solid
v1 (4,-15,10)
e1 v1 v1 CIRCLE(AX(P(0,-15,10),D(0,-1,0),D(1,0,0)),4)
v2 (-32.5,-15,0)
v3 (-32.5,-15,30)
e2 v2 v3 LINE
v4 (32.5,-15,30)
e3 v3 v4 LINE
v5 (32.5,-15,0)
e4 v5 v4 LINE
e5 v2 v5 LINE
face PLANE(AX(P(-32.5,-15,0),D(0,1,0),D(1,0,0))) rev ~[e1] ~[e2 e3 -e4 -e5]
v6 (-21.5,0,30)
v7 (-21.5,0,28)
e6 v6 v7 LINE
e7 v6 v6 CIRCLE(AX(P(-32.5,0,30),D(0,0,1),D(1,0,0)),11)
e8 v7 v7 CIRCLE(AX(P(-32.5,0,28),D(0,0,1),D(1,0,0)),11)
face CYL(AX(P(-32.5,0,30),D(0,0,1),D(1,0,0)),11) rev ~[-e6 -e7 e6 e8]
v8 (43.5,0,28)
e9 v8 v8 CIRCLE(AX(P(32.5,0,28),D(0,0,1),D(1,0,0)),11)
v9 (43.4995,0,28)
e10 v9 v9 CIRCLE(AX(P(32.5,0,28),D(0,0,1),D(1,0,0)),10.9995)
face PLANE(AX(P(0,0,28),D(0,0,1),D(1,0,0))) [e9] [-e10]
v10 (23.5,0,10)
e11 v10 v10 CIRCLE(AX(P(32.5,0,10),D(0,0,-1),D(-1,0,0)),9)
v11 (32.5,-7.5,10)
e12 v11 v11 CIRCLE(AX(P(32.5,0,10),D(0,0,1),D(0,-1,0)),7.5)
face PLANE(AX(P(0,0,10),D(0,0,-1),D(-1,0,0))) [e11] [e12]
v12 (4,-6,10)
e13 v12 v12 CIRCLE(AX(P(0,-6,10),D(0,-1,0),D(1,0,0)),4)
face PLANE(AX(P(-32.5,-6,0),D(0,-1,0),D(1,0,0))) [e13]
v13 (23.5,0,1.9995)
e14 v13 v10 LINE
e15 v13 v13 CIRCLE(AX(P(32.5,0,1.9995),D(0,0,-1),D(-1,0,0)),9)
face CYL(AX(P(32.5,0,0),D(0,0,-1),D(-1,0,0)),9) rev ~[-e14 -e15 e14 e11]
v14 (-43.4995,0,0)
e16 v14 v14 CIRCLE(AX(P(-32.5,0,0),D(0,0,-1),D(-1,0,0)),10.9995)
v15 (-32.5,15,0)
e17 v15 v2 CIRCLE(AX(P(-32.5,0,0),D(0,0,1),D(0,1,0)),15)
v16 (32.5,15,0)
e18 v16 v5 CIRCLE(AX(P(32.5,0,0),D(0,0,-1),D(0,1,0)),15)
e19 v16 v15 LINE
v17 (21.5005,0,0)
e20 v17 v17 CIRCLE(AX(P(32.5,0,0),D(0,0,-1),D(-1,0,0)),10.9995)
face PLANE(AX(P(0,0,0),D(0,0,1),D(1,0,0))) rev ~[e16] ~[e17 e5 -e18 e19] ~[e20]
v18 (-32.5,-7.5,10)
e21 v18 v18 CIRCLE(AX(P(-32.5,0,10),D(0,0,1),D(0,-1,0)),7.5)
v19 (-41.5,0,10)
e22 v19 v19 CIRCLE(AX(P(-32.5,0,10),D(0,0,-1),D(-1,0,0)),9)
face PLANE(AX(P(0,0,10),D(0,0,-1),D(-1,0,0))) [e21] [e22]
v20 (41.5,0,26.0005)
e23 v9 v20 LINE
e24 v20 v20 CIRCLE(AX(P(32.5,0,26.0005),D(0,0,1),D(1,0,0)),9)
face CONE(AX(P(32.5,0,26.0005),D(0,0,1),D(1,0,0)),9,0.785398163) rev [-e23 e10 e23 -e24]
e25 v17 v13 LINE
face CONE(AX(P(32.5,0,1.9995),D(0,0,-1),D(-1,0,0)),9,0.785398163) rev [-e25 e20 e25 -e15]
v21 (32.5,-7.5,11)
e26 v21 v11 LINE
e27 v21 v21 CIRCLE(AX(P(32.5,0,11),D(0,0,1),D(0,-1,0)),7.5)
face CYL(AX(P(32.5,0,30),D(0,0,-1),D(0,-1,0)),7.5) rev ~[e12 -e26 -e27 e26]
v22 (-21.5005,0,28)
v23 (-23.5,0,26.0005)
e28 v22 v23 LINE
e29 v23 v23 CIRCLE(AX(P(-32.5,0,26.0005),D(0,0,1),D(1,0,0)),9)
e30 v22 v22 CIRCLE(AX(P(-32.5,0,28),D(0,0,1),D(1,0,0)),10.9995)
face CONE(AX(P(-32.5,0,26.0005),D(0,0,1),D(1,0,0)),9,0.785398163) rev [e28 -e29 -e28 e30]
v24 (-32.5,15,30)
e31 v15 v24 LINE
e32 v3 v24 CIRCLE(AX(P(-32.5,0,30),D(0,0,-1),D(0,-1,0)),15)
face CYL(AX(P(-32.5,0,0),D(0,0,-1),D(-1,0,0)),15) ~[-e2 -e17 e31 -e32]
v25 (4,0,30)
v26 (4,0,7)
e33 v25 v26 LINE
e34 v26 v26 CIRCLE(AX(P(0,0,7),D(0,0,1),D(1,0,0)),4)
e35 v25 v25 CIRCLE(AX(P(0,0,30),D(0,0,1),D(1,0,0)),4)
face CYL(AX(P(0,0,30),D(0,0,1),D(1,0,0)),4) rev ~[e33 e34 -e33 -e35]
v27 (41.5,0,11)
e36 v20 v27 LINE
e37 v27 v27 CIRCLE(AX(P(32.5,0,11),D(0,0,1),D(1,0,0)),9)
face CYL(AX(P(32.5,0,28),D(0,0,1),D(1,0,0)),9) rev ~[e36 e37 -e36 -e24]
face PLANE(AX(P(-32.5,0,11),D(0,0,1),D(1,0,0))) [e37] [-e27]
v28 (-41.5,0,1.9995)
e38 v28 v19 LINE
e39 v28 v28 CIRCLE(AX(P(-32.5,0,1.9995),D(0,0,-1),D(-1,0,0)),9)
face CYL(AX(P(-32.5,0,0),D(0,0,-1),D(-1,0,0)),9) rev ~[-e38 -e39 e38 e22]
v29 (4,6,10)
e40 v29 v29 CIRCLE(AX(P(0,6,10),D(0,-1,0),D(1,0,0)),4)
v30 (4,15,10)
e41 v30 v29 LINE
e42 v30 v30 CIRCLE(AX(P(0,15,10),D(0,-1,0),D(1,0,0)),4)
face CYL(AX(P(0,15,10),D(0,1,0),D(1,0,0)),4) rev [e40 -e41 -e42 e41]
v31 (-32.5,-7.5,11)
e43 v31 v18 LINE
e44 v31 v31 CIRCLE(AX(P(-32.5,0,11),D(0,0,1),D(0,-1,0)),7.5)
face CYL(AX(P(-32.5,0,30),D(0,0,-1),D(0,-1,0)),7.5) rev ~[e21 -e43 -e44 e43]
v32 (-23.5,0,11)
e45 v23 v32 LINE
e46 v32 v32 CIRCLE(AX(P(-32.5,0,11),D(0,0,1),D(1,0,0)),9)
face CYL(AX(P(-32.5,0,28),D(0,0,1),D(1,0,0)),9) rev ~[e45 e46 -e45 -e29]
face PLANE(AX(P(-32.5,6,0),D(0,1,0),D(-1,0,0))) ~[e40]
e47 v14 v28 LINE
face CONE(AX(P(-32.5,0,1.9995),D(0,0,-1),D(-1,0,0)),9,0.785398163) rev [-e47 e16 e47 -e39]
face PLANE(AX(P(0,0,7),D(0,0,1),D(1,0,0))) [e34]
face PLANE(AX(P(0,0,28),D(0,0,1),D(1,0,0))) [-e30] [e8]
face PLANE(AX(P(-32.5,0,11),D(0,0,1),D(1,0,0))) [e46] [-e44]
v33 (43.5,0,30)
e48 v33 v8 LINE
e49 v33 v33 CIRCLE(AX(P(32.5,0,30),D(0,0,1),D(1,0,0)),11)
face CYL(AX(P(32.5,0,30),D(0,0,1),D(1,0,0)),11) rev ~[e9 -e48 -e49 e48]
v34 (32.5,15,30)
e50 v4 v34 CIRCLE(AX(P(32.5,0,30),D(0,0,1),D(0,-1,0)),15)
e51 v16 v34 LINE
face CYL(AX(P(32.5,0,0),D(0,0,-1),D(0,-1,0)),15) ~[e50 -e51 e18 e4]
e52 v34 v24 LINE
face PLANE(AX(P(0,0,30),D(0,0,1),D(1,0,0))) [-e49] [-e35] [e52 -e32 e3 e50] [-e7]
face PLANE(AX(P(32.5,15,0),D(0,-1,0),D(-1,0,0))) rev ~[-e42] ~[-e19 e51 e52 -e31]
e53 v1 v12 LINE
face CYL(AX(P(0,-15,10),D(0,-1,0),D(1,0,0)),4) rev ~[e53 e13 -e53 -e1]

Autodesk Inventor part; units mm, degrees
ref_plane "YZ Plane" through (0, 0, 0) normal (1, 0, 0) x (0, 1, 0)
ref_plane "XZ Plane" through (0, 0, 0) normal (0, 1, 0) x (-1, 0, 0)
ref_plane "XY Plane" through (0, 0, 0) normal (0, 0, 1) x (1, 0, 0)
sketch "Náčrt1" plane through (0, 0, 0) normal (0, 0, 1) x (1, 0, 0)
  line L0 (-32.5, -15) -> (32.5, -15)
  line L1 (47.5, 0) -> (47.5, 0)
  line L2 (32.5, 15) -> (-32.5, 15)
  line L3 (-47.5, 0) -> (-47.5, 0)
  line L4 (-47.5, -15) -> (47.5, 15) construction
  line L5 (47.5, -15) -> (-47.5, 15) construction
  arc A0 (-32.5, 15) -> (-47.5, 0) centre (-32.5, 0) ccw
  arc A1 (-47.5, 0) -> (-32.5, -15) centre (-32.5, 0) ccw
  arc A2 (32.5, -15) -> (47.5, 0) centre (32.5, 0) ccw
  arc A3 (47.5, 0) -> (32.5, 15) centre (32.5, 0) ccw
  point P0 (0, 0)
  point P1 (47.5, 0)
  point P2 (-47.5, 0)
  dimension "d0" = 95
  dimension "d1" = 30
  dimension "d2" = 15
extrude "Vysunutí1" add sketch "Náčrt1" along normal blind 30
sketch "Náčrt2" plane through (0, 0, 30) normal (0, 0, 1) x (1, 0, 0)
  arc A0 (32.5, -15) -> (32.5, 15) centre (32.5, 0) ccw projected
  line L0 (32.5, 15) -> (-32.5, 15) projected
  arc A1 (-32.5, 15) -> (-32.5, -15) centre (-32.5, 0) ccw projected
  line L1 (-32.5, -15) -> (32.5, -15) projected
  point P0 (0, 0)
hole "Díra1" at (-32.5, 0, 30) at (32.5, 0, 30) direction (0, 0, -1) diameter 15 end through all
sketch "Náčrt3" plane through (0, 0, 30) normal (0, 0, 1) x (1, 0, 0)
  circle A0 centre (-32.5, 0) radius 7.5 projected
  circle A1 centre (32.5, 0) radius 7.5 projected
  circle A2 centre (-32.5, 0) radius 11
  circle A3 centre (32.5, 0) radius 11
  point P0 (0, 0)
  dimension "d14" = 22
  dimension "d15" = 22
extrude "Vysunutí2" cut sketch "Náčrt3" against normal blind 2 contours A1 | A2 | A3
sketch "Náčrt4" plane through (-32.5, 0, 28) normal (0, 0, 1) x (1, 0, 0)
  circle A0 centre (0, 0) radius 11 projected
  circle A1 centre (0, 0) radius 7.5 projected
  circle A2 centre (65, 0) radius 7.5 projected
  circle A3 centre (0, 0) radius 9
  circle A4 centre (65, 0) radius 9
  point P0 (32.5, 0)
  dimension "d18" = 18
  dimension "d19" = 18
extrude "Vysunutí3" cut sketch "Náčrt4" against normal blind 17 contours A3 | A4
sketch "Náčrt5" plane through (0, 0, 0) normal (0, 0, -1) x (-1, 0, 0)
  circle A0 centre (32.5, 0) radius 7.5 projected
  circle A1 centre (-32.5, 0) radius 7.5 projected
  circle A2 centre (32.5, 0) radius 9
  circle A3 centre (-32.5, 0) radius 9
  point P0 (0, 0)
  dimension "d22" = 18
  dimension "d23" = 18
extrude "Vysunutí4" cut sketch "Náčrt5" against normal blind 10
chamfer "Zkosení1" distance 2 angle 45 4 edges at (-23.5, 0, 0) (41.5, 0, 0) (-41.5, 0, 28) (23.5, 0, 28)
sketch "Náčrt6" plane through (0, 0, 30) normal (0, 0, 1) x (1, 0, 0)
  circle A0 centre (0, 0) radius 4
  dimension "d29" = 8
extrude "Vysunutí5" cut sketch "Náčrt6" against normal blind 23
sketch "Náčrt7" plane through (-32.5, -15, 0) normal (0, -1, 0) x (1, 0, 0)
  circle A0 centre (32.5, 10) radius 4
  line L0 (0, 30) -> (65, 30) projected
  line L1 (0, 0) -> (65, 0) projected
  point P0 (32.5, 0)
  point P1 (32.5, 0)
  dimension "d32" = 8
  dimension "d33" = 20
extrude "Vysunutí6" cut sketch "Náčrt7" against normal blind 9
mirror "Zrcadlit1" about plane through (0, 0, 0) normal (0, 1, 0) of "Vysunutí6"
properties part number "P2 lmao fila" material "Ocel"
